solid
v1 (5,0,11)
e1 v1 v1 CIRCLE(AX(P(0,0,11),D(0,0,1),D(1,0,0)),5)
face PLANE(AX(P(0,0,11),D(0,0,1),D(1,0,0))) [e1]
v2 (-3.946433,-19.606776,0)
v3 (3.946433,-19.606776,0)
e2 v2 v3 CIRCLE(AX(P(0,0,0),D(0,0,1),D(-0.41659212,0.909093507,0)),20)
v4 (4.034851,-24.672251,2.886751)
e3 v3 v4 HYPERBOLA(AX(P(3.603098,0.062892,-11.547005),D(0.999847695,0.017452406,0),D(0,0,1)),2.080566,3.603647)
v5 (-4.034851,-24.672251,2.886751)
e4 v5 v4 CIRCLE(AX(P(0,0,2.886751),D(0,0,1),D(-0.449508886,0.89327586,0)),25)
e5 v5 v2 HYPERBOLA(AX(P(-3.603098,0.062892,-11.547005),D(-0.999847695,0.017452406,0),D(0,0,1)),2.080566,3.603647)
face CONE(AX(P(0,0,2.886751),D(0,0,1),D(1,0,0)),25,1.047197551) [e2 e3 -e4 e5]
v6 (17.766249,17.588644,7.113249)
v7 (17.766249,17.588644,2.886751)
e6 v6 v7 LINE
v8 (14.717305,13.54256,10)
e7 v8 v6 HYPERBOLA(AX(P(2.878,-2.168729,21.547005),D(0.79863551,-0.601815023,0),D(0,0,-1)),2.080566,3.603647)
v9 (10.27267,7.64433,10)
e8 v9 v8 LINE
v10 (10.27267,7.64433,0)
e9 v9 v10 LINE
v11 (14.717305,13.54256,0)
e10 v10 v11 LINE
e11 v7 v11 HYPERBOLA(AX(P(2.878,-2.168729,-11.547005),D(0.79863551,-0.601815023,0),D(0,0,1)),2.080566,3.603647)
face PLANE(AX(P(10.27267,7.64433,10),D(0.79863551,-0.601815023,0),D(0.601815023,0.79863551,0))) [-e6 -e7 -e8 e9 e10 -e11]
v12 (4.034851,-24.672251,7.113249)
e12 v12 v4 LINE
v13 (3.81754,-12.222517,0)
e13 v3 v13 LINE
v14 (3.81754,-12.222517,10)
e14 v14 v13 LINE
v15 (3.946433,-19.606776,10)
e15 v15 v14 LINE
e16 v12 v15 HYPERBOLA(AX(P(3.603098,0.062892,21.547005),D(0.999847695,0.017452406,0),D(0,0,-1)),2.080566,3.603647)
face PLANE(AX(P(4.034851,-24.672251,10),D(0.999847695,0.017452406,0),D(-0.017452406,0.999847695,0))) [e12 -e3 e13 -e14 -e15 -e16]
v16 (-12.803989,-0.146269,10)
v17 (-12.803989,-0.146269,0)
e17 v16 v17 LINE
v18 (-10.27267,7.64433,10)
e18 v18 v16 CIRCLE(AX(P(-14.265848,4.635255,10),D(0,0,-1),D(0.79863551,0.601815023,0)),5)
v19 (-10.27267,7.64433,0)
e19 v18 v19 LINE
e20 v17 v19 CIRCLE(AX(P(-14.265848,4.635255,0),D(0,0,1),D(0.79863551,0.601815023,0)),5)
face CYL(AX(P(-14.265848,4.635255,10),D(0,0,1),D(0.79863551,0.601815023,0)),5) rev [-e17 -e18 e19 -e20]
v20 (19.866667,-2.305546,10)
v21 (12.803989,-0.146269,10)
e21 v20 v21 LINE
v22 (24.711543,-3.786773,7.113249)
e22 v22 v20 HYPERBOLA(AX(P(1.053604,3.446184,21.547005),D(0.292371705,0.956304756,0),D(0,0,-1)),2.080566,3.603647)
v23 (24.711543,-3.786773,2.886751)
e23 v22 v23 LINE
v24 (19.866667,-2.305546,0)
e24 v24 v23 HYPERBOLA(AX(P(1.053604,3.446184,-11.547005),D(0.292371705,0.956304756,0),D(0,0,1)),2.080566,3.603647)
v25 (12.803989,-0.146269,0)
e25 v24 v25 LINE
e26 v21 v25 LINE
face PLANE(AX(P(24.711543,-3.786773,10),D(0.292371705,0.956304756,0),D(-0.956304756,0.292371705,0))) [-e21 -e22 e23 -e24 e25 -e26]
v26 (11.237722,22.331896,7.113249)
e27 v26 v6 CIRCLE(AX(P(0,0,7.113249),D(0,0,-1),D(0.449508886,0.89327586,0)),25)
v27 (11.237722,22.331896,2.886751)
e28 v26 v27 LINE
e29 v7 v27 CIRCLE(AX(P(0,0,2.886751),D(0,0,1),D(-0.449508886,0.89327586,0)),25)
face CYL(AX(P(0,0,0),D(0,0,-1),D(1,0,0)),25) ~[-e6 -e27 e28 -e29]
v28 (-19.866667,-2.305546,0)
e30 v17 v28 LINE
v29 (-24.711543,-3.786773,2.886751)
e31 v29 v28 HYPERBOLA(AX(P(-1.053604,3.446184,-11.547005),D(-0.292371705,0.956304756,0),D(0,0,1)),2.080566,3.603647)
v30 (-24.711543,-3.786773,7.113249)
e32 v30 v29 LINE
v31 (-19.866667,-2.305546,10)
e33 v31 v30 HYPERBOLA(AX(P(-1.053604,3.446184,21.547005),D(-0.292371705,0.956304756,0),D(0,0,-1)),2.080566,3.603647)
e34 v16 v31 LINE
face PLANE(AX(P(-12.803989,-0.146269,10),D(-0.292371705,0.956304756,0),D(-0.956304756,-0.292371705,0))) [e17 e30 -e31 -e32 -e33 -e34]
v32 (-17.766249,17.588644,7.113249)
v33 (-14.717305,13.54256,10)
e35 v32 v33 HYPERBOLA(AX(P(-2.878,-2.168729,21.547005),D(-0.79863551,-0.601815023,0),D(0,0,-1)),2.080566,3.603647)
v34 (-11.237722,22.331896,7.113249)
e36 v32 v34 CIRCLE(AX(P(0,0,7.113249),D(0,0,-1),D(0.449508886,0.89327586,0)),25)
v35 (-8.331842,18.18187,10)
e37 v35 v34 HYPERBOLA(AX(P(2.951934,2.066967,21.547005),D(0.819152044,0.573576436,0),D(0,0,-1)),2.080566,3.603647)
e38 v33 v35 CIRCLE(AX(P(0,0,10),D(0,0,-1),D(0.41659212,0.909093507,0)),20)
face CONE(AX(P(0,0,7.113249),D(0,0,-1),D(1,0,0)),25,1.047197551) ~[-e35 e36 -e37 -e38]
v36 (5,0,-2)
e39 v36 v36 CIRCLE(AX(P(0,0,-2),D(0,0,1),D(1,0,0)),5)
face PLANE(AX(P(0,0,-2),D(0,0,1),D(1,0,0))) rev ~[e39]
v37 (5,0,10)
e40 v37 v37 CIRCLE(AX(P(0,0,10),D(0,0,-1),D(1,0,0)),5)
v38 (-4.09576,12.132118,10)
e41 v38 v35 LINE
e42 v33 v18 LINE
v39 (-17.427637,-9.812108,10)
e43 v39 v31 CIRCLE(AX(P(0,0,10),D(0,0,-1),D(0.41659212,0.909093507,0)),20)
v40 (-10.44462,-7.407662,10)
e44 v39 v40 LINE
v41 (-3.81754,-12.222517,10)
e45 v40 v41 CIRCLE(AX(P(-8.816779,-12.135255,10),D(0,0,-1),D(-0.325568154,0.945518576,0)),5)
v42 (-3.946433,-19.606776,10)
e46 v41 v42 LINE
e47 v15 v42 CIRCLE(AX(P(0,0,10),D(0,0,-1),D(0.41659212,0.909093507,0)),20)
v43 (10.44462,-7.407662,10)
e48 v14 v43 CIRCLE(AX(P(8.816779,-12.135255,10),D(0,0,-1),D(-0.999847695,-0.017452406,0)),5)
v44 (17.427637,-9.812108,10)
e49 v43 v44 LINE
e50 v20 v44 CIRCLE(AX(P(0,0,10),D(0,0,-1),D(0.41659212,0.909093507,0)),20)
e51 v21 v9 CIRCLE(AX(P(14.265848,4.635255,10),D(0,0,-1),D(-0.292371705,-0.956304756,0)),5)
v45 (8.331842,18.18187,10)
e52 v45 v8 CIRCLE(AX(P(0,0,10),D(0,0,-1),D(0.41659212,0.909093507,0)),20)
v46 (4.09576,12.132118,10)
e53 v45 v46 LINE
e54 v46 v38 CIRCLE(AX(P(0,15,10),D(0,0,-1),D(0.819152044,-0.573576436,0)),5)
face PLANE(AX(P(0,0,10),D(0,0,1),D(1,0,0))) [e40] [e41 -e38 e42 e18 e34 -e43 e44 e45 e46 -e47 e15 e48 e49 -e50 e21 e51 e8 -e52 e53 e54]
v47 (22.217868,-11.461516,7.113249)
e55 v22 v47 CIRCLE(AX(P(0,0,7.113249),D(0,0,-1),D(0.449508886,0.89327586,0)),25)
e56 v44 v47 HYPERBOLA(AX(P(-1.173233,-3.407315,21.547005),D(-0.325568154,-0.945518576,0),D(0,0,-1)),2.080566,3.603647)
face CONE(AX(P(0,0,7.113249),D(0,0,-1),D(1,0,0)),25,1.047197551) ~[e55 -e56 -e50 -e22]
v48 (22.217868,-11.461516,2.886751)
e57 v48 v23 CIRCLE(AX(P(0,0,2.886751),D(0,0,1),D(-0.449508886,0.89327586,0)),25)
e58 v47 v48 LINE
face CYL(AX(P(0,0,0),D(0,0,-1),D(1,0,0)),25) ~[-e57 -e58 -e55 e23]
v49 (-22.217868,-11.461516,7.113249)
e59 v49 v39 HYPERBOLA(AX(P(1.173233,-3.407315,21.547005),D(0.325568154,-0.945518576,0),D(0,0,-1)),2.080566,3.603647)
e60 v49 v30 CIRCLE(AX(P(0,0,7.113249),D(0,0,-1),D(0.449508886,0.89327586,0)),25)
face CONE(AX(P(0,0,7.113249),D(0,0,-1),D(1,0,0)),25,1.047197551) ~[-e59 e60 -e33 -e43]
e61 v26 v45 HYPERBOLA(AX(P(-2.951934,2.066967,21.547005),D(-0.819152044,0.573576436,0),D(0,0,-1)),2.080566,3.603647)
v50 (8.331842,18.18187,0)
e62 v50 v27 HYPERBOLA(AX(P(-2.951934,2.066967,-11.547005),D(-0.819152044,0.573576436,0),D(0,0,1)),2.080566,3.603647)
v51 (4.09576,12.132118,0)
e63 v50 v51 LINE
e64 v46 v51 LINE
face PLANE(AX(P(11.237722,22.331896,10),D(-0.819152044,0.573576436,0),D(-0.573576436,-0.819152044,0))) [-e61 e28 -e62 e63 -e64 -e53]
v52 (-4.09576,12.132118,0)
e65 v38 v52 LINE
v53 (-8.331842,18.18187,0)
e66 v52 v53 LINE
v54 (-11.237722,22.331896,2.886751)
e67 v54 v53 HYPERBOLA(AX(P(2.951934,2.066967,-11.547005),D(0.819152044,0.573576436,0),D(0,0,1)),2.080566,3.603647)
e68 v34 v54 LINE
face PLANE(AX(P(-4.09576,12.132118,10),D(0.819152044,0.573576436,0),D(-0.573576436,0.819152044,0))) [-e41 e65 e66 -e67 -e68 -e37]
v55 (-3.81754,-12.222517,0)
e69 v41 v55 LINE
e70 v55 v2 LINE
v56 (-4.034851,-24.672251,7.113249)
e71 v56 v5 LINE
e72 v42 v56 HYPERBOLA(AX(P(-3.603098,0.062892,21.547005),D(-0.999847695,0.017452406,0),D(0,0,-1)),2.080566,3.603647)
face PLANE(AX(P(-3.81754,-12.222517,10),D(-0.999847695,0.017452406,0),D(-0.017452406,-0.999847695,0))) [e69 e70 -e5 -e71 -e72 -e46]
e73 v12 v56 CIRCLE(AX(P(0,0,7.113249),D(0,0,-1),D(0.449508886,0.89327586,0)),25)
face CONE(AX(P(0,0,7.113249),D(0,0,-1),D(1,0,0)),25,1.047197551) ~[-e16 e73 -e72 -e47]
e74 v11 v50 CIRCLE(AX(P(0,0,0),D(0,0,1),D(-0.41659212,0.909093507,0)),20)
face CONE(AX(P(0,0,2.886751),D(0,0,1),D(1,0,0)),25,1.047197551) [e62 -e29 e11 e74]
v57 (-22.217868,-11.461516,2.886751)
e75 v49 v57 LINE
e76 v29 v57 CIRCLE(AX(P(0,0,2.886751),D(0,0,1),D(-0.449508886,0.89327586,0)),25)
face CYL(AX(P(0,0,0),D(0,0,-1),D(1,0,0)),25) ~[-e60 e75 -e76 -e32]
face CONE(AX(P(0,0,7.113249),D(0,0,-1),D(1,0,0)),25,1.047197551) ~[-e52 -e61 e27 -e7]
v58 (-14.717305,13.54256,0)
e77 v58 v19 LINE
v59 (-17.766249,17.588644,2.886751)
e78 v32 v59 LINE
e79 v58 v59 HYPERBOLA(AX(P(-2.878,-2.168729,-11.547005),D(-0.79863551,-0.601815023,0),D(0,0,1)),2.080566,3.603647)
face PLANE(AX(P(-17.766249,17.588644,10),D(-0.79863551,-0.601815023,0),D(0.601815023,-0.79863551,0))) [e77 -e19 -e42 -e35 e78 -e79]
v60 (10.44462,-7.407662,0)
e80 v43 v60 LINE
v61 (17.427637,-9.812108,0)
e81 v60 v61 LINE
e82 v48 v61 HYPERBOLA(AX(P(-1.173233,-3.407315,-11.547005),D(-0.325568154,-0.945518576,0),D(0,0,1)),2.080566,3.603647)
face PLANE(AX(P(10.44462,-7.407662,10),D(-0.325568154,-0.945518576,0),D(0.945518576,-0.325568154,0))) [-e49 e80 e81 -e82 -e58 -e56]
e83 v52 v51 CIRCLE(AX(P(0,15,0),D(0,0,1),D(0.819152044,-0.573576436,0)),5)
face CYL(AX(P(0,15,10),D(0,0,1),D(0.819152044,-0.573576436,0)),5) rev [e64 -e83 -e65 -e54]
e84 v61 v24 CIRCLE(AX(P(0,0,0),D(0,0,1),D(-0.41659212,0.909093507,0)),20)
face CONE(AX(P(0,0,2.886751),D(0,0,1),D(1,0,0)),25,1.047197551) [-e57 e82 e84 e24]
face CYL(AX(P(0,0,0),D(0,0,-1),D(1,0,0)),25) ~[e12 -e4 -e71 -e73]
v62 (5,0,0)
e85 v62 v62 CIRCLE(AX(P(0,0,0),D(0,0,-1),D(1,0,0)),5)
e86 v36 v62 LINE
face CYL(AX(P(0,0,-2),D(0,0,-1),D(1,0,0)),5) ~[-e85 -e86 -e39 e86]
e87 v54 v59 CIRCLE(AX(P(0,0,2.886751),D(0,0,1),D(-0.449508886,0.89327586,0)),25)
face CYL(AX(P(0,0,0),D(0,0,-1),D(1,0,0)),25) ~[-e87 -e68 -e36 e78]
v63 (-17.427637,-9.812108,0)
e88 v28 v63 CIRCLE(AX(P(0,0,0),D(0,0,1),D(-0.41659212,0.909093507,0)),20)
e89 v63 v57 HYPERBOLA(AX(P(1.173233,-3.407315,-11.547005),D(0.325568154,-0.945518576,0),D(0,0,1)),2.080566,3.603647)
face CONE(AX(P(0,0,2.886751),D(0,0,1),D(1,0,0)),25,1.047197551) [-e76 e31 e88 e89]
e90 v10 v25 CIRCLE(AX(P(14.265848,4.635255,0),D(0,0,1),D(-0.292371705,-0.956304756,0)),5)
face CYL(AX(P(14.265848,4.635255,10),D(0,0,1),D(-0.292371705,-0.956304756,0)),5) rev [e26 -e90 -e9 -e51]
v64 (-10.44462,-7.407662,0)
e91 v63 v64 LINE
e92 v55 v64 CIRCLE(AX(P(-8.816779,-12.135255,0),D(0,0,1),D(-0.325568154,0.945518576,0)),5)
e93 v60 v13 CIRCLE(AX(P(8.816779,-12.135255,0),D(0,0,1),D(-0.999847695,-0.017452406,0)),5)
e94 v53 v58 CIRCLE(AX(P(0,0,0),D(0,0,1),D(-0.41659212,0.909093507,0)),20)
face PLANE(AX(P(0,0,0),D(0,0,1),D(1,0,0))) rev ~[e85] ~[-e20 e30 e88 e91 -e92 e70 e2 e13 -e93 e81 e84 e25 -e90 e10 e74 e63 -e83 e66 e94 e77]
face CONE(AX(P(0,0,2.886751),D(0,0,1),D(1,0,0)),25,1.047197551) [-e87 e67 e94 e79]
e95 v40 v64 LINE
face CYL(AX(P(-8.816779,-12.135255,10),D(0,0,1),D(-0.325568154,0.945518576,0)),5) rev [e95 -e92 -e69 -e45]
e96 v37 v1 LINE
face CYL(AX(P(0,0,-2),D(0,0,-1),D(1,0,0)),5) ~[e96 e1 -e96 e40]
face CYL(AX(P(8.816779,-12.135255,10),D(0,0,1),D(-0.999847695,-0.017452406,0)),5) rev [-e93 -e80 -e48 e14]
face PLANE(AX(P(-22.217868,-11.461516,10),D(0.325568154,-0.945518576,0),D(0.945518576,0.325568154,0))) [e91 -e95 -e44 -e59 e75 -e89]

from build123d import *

# Parameters (mm, degrees)
SKETCH1_R                = 25
BOSS_EXTRUDE1_DEPTH      = 10
CHAMFER1_SIZE            = 5
CHAMFER1_SIZE2           = 2.886751346
CHAMFER2_SIZE            = 5
CHAMFER2_SIZE2           = 2.886751346
CUT_EXTRUDE1_DEPTH       = 37.742346142
CIRPATTERN1_COUNT        = 5
BOSS_EXTRUDE2_DEPTH      = 1
BOSS_EXTRUDE2_DEPTH_BACK = 12
SKETCH3_R                = 5


with BuildPart() as part:
    # Sketch1 → Boss-Extrude1 (new body)
    with BuildSketch(Plane.XY):
        Circle(SKETCH1_R)
    extrude(amount=BOSS_EXTRUDE1_DEPTH)

    # Chamfer1
    chamfer1_edges = [part.edges().sort_by_distance(p)[0] for p in [
        (-25, 0, 10),
    ]]
    chamfer1_side = [part.faces().sort_by_distance(p)[0] for p in [
        (0, 0, 10),
    ]]
    chamfer(chamfer1_edges, length=CHAMFER1_SIZE, length2=CHAMFER1_SIZE2, reference=chamfer1_side[0])

    # Chamfer2
    chamfer2_edges = [part.edges().sort_by_distance(p)[0] for p in [
        (-25, 0, 0),
    ]]
    chamfer2_side = [part.faces().sort_by_distance(p)[0] for p in [
        (0, 0, 0),
    ]]
    chamfer(chamfer2_edges, length=CHAMFER2_SIZE, length2=CHAMFER2_SIZE2, reference=chamfer2_side[0])

    # Sketch2 → Cut-Extrude1 (cut, through all)
    with BuildSketch(Plane.XY.offset(10)):
        with BuildLine():
            Line((11.23772214, 22.331896496), (4.095760221, 12.132117818))
            ThreePointArc((4.095760221, 12.132117818), (0, 10), (-4.095760221, 12.132117818))
            Line((-4.095760221, 12.132117818), (-11.23772214, 22.331896496))
            ThreePointArc((-11.23772214, 22.331896496), (0, 25), (11.23772214, 22.331896496))
        make_face()
    cut_extrude1 = extrude(amount=-CUT_EXTRUDE1_DEPTH, mode=Mode.SUBTRACT)

    # CirPattern1: Cut-Extrude1 ×5 about axis
    cirpattern1_axis = Axis((0, 0, 0), (0, 0, 1))
    for i in range(1, CIRPATTERN1_COUNT):
        add(cut_extrude1.rotate(cirpattern1_axis, i * 360 / CIRPATTERN1_COUNT), mode=Mode.SUBTRACT)

    # Sketch3 → Boss-Extrude2 (add, two sides: drawn at the far end of the back side and taken through both)
    with BuildSketch(Plane.XY.offset(10).offset(-BOSS_EXTRUDE2_DEPTH_BACK)):
        Circle(SKETCH3_R)
    extrude(amount=BOSS_EXTRUDE2_DEPTH + BOSS_EXTRUDE2_DEPTH_BACK)


solid = part.part
